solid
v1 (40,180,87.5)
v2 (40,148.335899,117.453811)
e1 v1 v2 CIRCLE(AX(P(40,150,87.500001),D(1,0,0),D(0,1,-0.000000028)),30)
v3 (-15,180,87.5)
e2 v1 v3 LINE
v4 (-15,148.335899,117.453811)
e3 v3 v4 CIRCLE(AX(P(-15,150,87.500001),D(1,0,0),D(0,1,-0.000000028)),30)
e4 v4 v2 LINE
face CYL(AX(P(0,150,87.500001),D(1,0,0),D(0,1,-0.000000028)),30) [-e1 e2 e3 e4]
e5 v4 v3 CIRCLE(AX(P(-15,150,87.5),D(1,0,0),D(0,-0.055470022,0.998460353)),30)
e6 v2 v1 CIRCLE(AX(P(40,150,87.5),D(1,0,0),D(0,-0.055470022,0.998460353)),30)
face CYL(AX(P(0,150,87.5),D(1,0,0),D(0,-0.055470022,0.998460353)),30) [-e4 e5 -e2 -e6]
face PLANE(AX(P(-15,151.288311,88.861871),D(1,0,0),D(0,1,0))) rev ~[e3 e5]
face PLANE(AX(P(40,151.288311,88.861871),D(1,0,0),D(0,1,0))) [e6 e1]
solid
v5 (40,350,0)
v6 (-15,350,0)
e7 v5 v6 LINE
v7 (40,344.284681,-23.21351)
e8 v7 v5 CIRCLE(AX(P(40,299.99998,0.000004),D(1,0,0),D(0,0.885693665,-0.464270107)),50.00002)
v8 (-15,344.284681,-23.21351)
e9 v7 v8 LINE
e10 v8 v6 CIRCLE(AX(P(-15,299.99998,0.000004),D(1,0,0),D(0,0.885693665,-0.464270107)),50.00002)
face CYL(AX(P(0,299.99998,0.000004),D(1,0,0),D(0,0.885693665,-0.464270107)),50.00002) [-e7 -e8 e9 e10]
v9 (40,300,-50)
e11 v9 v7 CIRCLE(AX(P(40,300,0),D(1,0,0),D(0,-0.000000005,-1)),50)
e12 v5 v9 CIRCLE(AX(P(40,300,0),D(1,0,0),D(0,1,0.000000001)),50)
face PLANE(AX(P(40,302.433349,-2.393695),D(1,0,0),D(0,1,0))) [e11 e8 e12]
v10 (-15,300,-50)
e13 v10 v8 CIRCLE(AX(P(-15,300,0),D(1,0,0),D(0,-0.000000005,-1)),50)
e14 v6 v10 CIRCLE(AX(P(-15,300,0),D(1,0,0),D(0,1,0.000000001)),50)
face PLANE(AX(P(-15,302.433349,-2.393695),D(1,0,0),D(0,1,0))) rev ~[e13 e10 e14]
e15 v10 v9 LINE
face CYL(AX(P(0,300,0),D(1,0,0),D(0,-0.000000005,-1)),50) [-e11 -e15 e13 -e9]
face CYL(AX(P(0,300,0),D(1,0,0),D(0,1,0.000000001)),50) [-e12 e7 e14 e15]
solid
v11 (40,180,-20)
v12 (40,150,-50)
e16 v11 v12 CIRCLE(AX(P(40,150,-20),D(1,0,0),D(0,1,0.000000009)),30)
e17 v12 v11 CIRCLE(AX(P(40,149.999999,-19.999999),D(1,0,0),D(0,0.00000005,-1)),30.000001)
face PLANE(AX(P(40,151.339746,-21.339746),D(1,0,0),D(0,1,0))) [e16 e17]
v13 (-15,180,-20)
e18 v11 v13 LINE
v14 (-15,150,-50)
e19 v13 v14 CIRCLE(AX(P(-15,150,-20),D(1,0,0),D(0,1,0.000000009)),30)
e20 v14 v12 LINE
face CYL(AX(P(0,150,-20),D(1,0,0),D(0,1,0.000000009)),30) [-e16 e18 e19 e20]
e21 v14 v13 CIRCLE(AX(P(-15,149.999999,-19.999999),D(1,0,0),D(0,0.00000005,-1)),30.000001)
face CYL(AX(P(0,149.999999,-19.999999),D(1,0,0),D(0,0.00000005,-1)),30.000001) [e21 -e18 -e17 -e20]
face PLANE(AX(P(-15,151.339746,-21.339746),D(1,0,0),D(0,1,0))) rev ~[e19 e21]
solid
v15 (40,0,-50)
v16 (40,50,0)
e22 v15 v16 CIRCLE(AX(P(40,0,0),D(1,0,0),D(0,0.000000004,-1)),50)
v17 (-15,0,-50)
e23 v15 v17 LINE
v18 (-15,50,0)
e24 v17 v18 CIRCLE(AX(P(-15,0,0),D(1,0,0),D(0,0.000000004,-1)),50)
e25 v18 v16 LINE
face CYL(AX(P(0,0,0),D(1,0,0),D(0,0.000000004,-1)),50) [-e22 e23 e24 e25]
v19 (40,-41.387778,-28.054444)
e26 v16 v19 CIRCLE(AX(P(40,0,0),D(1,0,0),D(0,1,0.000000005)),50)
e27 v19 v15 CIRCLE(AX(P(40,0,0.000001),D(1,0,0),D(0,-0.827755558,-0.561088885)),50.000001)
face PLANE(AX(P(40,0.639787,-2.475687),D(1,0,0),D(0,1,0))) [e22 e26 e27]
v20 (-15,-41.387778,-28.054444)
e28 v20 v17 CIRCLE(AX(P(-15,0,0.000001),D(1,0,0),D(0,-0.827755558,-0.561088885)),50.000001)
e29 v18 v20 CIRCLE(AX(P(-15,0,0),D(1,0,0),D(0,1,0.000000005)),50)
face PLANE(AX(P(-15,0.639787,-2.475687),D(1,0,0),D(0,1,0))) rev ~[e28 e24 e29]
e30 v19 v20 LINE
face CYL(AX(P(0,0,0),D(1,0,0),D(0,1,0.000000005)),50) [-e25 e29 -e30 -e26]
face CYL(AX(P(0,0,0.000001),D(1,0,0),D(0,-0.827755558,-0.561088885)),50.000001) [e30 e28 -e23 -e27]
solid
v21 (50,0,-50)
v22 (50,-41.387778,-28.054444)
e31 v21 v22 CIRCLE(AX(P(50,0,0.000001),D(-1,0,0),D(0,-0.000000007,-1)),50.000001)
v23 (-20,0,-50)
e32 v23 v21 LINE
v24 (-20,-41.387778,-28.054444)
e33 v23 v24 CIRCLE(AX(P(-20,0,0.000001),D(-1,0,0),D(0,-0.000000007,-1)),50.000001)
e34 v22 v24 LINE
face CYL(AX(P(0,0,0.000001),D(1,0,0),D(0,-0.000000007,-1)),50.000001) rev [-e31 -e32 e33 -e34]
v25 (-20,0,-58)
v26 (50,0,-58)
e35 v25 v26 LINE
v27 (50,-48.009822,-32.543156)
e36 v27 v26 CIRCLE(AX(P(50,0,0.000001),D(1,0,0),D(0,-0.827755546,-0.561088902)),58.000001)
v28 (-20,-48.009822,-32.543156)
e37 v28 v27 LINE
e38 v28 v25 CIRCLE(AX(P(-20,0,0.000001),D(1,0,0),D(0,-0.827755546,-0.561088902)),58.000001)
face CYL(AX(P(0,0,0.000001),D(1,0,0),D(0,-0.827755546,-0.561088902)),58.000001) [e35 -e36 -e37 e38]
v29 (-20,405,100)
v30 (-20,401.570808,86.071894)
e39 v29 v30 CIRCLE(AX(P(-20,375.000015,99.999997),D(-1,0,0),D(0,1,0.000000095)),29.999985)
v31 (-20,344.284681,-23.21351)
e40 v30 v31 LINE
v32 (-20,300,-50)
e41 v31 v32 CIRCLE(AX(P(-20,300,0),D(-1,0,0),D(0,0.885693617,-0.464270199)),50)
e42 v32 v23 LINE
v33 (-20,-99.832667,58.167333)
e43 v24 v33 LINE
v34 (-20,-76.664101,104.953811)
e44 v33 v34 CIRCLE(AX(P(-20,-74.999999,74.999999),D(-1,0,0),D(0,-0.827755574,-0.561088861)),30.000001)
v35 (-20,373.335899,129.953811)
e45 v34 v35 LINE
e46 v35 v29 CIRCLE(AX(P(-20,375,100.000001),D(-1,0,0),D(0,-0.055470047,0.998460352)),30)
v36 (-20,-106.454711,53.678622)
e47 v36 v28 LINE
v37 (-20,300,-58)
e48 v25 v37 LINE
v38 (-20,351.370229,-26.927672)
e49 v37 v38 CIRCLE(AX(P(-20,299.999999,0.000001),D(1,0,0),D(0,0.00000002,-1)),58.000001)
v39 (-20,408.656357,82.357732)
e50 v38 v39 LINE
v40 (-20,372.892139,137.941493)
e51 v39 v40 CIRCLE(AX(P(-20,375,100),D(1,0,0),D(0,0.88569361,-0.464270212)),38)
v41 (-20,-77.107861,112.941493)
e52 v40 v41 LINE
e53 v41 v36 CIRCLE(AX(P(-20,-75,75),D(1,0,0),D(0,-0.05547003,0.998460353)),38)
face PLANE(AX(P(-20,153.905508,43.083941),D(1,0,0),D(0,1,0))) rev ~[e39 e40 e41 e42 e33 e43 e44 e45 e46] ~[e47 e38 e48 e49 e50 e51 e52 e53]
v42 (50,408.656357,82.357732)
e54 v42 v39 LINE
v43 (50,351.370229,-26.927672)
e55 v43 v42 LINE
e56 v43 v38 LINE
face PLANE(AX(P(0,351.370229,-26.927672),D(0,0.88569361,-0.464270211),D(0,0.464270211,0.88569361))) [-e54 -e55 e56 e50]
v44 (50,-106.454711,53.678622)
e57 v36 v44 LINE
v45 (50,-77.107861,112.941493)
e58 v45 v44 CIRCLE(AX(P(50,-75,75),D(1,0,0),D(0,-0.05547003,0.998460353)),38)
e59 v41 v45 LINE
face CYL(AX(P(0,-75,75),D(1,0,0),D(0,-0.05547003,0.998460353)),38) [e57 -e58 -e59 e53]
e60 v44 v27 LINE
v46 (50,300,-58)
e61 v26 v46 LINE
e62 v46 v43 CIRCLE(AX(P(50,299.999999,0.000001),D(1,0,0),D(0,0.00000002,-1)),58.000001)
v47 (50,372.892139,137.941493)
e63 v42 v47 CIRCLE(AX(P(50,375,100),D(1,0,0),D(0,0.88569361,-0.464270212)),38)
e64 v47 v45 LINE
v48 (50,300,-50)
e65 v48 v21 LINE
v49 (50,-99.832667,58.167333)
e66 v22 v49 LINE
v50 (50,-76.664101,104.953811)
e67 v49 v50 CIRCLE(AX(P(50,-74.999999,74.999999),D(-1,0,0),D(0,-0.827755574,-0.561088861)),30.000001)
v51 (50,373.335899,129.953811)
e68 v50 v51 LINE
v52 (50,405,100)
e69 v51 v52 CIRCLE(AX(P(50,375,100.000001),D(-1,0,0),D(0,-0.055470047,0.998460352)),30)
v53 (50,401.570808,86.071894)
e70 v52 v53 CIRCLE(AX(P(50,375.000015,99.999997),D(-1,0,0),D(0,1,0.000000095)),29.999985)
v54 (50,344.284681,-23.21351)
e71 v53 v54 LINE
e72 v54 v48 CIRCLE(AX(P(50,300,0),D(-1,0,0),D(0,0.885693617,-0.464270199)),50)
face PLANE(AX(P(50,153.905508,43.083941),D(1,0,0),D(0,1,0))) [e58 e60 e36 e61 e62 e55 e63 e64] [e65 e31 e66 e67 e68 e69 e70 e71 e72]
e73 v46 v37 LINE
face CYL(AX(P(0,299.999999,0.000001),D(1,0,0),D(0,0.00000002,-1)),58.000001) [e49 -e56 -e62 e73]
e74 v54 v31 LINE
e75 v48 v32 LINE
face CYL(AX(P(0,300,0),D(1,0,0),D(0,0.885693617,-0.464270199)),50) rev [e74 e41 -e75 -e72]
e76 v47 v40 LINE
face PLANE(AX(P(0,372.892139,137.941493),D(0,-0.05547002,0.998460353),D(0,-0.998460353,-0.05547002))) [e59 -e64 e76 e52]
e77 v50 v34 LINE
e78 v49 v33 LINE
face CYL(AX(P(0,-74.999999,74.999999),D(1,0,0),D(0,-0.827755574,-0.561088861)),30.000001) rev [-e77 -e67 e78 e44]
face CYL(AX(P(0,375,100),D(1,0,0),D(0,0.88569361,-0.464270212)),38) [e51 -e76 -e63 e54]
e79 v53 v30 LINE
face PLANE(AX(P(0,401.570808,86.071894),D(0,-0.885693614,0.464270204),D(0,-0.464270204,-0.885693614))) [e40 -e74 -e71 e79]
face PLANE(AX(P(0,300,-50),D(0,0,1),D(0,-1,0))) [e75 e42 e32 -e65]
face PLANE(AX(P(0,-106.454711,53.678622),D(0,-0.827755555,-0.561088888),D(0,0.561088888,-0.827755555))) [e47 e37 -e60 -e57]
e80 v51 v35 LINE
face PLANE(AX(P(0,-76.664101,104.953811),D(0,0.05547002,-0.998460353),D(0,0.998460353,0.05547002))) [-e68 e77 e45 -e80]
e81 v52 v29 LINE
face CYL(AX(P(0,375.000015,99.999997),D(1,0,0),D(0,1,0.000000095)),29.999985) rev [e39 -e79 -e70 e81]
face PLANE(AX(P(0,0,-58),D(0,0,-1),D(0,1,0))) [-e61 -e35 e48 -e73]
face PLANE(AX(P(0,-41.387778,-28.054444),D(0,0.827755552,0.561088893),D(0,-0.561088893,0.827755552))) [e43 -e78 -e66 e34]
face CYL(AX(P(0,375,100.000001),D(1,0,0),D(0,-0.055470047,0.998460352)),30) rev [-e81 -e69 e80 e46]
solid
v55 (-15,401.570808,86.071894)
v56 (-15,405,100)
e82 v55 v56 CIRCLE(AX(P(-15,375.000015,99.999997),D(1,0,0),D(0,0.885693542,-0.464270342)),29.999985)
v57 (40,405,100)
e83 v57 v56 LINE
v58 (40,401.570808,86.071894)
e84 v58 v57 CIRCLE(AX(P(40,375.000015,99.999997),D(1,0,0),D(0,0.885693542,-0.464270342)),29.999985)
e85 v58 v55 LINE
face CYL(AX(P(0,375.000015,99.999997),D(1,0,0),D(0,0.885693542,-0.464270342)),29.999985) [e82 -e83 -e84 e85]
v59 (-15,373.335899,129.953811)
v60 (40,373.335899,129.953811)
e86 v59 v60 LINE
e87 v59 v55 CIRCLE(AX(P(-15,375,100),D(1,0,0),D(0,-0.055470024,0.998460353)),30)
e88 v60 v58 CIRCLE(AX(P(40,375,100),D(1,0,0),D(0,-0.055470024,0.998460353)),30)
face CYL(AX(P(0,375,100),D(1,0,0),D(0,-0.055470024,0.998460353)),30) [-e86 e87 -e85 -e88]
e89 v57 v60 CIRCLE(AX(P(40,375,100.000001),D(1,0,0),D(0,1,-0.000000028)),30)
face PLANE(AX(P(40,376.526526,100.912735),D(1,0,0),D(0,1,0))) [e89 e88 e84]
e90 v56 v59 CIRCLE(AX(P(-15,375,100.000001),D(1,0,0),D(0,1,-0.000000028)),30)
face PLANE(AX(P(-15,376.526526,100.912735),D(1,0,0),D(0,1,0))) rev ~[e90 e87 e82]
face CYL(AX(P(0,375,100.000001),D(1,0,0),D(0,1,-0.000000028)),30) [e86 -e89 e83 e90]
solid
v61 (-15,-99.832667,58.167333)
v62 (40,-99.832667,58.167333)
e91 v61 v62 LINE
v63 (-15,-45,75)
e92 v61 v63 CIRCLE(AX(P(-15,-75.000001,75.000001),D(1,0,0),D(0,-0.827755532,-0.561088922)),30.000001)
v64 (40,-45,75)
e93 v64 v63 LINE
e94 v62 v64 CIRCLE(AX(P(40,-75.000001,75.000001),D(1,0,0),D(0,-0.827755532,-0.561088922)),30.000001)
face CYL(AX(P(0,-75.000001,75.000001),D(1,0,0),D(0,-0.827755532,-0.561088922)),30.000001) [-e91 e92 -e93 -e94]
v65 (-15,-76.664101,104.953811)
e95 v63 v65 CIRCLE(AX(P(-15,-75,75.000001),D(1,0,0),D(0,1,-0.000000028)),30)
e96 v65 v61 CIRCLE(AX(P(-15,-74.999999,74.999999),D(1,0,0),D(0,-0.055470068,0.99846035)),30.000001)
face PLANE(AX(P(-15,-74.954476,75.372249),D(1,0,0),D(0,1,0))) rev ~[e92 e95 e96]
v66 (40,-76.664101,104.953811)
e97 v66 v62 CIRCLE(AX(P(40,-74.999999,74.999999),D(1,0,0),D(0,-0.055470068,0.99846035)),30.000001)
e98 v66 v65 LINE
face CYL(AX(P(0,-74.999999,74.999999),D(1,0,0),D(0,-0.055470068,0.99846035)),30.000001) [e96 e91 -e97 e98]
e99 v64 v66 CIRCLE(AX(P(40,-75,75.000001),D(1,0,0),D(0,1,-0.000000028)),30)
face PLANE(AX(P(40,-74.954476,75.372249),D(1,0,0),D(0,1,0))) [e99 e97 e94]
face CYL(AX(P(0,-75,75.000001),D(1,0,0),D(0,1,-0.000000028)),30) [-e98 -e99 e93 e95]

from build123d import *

# Parameters (mm, degrees)
F1_DEPTH      = 40
F1_DEPTH_BACK = 15
F2_DEPTH      = 50
F2_DEPTH_BACK = 20


with BuildPart() as f1:
    # F0 (on Right) → F1 (new body, two sides)
    with BuildSketch(Plane.YZ) as f1_sk:
        with BuildLine():
            ThreePointArc((0, -50), (35.355339, -35.355339), (50, 0))
            ThreePointArc((50, 0), (-14.673294, 47.798477), (-41.387778, -28.054444))
            ThreePointArc((-41.387778, -28.054444), (-23.423042, -44.174213), (0, -50))
        make_face()
        with BuildLine():
            ThreePointArc((-76.664101, 104.953811), (-101.884257, 88.313028), (-99.832667, 58.167333))
            ThreePointArc((-99.832667, 58.167333), (-66.196024, 46.320914), (-45, 75))
            ThreePointArc((-45, 75), (-54.383538, 96.793612), (-76.664101, 104.953811))
        make_face()
        with BuildLine():
            ThreePointArc((180, 87.5), (170.616462, 109.293612), (148.335899, 117.453811))
            ThreePointArc((148.335899, 117.453811), (129.383538, 65.706388), (180, 87.5))
        make_face()
        with BuildLine():
            ThreePointArc((350, 0), (264.644661, 35.355339), (300, -50))
            ThreePointArc((300, -50), (325.877833, -42.782447), (344.284681, -23.21351))
            ThreePointArc((344.284681, -23.21351), (348.550149, -11.953367), (350, 0))
        make_face()
        with BuildLine():
            ThreePointArc((405, 100), (395.616462, 121.793612), (373.335899, 129.953811))
            ThreePointArc((373.335899, 129.953811), (349.771213, 83.767061), (401.570808, 86.071894))
            ThreePointArc((401.570808, 86.071894), (404.13009, 92.82798), (405, 100))
        make_face()
        with BuildLine():
            ThreePointArc((180, -20), (128.786797, 1.213203), (150, -50))
            ThreePointArc((150, -50), (171.213203, -41.213203), (180, -20))
        make_face()
    extrude(amount=F1_DEPTH)
    extrude(f1_sk.sketch, amount=-F1_DEPTH_BACK)


with BuildPart() as f2:
    # F0 (on Right) → F2 (new body, two sides)
    with BuildSketch(Plane.YZ) as f2_sk:
        with BuildLine():
            Line((372.892139, 137.941493), (-77.107861, 112.941493))
            ThreePointArc((-77.107861, 112.941493), (-109.053392, 91.863169), (-106.454711, 53.678622))
            Line((-106.454711, 53.678622), (-48.009822, -32.543156))
            ThreePointArc((-48.009822, -32.543156), (-27.170729, -51.242087), (0, -58))
            Line((0, -58), (300, -58))
            ThreePointArc((300, -58), (330.018286, -49.627638), (351.370229, -26.927672))
            Line((351.370229, -26.927672), (408.656357, 82.357732))
            ThreePointArc((408.656357, 82.357732), (406.956463, 120.561723), (372.892139, 137.941493))
        make_face()
        with BuildLine():
            ThreePointArc((0, -50), (-23.423042, -44.174213), (-41.387778, -28.054444))
            Line((-41.387778, -28.054444), (-99.832667, 58.167333))
            ThreePointArc((-99.832667, 58.167333), (-101.884257, 88.313028), (-76.664101, 104.953811))
            Line((-76.664101, 104.953811), (148.335899, 117.453811))
            Line((148.335899, 117.453811), (373.335899, 129.953811))
            ThreePointArc((373.335899, 129.953811), (395.616462, 121.793612), (405, 100))
            ThreePointArc((405, 100), (404.13009, 92.82798), (401.570808, 86.071894))
            Line((401.570808, 86.071894), (344.284681, -23.21351))
            ThreePointArc((344.284681, -23.21351), (325.877833, -42.782447), (300, -50))
            Line((300, -50), (150, -50))
            Line((150, -50), (0, -50))
        make_face(mode=Mode.SUBTRACT)
    extrude(amount=F2_DEPTH)
    extrude(f2_sk.sketch, amount=-F2_DEPTH_BACK)


solid = Compound([f1.part, f2.part])
